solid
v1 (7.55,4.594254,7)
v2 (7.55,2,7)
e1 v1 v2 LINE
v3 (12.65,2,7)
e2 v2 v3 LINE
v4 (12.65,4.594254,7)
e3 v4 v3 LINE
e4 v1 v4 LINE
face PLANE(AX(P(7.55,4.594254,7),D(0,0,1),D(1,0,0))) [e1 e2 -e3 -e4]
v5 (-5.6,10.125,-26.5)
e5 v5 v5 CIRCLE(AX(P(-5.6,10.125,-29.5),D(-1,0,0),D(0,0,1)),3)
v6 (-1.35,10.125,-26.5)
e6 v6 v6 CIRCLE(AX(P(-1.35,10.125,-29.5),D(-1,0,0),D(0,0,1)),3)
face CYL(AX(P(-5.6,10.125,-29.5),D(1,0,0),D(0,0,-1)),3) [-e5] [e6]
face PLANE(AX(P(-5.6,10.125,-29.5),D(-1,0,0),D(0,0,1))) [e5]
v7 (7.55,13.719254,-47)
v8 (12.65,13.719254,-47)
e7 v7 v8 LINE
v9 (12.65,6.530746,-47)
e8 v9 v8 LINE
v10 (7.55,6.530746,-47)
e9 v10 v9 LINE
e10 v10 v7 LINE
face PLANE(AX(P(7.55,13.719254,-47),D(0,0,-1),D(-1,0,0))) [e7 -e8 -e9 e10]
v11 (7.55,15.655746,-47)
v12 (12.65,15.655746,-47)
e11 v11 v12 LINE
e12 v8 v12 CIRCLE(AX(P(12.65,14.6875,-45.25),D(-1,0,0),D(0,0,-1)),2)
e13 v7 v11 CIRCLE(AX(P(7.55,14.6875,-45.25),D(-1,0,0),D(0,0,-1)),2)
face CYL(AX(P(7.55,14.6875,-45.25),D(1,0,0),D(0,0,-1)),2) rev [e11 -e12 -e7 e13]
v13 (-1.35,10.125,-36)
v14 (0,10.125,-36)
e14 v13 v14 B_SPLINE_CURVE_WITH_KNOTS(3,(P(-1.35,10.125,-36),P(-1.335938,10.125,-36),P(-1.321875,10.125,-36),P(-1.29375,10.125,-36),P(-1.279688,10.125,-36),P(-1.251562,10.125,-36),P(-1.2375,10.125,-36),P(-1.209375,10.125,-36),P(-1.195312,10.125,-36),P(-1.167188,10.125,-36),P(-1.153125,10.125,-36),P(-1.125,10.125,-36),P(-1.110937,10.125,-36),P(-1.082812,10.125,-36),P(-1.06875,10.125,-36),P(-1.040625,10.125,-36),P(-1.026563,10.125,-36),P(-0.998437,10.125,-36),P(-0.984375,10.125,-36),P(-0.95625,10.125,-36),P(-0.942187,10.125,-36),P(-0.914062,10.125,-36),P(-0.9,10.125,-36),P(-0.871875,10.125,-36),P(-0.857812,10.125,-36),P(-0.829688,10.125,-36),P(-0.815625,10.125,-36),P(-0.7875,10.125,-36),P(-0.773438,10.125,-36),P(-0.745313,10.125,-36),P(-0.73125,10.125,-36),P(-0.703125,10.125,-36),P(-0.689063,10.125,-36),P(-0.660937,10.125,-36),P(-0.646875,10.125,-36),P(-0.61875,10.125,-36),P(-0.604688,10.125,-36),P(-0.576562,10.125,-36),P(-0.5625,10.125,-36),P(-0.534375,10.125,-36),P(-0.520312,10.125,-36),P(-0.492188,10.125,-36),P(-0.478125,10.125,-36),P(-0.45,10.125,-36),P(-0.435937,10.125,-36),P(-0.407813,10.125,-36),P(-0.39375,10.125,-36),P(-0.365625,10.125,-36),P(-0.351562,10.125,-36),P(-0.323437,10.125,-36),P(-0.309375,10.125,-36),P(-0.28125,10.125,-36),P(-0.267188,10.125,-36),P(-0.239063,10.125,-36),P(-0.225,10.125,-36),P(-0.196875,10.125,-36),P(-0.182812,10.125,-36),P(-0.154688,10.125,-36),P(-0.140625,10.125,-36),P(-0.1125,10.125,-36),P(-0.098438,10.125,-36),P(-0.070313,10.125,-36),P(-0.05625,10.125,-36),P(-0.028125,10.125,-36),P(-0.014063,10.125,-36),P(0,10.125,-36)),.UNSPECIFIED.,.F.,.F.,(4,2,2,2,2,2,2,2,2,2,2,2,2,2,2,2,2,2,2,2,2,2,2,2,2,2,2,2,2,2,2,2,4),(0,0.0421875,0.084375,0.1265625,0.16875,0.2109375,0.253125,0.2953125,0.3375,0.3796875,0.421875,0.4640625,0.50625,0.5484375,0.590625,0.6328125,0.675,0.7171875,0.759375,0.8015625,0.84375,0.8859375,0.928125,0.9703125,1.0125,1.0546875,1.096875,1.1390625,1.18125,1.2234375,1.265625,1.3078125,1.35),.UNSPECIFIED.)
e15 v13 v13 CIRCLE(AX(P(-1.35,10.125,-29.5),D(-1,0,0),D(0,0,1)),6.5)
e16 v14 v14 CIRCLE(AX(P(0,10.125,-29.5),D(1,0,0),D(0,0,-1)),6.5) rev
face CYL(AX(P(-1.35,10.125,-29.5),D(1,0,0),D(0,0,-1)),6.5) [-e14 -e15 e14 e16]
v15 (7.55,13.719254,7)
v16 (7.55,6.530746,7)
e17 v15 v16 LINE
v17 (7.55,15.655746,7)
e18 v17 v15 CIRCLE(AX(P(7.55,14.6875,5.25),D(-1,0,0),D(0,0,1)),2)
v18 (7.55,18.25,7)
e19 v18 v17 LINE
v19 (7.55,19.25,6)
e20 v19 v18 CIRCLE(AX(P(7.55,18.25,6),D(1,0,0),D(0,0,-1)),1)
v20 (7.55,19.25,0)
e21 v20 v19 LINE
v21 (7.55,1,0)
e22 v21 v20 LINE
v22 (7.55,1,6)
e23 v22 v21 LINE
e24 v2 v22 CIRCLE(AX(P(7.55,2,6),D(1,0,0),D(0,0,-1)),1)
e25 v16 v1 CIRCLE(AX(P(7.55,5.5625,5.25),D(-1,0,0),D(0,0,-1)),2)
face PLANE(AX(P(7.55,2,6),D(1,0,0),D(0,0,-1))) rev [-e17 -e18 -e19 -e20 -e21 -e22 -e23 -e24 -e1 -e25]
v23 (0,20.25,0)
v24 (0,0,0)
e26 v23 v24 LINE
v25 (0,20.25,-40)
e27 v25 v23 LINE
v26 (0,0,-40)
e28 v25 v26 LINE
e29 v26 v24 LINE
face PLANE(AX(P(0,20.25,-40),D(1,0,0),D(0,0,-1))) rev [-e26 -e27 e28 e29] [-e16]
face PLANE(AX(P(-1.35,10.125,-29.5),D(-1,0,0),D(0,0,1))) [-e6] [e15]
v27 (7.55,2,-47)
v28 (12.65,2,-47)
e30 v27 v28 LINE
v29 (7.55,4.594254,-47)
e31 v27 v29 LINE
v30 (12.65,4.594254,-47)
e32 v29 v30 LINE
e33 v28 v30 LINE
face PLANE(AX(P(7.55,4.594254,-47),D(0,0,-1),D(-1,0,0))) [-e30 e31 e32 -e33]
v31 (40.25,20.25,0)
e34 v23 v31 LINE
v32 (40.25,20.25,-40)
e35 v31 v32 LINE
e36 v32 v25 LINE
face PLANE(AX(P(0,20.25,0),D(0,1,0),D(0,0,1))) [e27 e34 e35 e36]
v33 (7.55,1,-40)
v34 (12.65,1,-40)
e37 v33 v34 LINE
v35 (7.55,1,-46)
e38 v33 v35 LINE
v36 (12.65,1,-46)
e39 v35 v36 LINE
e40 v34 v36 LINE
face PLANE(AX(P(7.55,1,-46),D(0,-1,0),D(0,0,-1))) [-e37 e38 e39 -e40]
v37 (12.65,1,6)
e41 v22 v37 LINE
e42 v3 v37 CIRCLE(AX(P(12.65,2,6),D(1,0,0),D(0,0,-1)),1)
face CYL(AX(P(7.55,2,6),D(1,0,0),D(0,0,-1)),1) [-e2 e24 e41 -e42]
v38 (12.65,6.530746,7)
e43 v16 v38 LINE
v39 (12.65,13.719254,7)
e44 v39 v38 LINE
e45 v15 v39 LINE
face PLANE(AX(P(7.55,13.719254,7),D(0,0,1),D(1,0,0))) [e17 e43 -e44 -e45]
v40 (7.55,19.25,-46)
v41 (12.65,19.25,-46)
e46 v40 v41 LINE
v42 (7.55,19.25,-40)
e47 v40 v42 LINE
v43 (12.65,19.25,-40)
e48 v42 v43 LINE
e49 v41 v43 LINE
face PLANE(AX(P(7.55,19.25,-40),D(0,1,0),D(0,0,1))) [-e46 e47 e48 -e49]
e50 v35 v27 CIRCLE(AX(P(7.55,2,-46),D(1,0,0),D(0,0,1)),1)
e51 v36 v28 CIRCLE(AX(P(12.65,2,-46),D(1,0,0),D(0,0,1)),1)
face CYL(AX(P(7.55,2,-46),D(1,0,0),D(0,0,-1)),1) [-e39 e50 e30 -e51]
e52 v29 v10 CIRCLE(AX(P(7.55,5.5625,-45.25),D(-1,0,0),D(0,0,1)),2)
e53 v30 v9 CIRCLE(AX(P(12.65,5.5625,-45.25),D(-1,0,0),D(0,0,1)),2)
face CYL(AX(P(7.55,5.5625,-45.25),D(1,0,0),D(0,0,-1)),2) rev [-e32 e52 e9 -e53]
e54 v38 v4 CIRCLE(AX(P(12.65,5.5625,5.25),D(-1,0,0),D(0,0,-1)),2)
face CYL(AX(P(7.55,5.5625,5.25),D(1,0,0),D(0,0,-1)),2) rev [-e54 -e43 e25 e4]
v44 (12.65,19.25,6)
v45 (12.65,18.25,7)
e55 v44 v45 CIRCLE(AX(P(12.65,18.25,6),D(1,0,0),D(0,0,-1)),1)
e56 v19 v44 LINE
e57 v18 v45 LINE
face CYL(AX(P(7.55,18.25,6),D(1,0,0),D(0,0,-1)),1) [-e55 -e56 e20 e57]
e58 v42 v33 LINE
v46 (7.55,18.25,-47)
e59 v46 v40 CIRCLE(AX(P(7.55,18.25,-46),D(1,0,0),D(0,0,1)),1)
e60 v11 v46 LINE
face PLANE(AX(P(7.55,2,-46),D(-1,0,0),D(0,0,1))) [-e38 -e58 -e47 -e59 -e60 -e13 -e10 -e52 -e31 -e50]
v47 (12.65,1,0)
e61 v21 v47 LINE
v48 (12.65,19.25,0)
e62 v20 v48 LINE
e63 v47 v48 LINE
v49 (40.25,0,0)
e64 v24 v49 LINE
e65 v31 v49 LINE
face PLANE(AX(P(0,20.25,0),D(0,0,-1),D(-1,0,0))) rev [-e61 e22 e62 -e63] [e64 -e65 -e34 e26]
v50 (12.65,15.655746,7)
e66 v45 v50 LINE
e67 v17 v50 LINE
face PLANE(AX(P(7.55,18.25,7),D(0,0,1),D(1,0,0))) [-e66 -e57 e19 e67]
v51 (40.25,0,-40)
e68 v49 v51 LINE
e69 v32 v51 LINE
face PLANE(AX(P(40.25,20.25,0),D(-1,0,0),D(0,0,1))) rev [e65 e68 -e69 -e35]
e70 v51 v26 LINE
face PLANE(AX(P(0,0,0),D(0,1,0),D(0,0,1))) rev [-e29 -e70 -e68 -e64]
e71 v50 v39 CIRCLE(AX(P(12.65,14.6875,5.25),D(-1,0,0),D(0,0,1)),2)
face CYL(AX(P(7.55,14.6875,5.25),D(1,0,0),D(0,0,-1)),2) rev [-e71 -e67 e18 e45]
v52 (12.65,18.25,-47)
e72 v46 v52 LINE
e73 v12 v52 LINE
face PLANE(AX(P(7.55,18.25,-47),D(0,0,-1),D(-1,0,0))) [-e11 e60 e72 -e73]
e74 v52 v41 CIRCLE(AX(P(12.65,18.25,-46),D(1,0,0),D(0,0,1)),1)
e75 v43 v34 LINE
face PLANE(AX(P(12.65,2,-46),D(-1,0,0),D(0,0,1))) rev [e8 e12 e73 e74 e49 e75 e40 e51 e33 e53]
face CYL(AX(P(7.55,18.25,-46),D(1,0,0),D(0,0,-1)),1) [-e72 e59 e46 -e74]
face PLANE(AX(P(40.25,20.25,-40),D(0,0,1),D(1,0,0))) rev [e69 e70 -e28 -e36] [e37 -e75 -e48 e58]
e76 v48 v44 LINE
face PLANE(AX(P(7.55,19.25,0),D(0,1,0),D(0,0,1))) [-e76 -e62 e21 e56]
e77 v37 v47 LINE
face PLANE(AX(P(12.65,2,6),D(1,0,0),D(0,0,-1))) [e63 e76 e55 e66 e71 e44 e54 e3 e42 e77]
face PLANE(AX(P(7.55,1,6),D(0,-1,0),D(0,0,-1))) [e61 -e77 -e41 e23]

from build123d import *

# Parameters (mm, degrees)
SKETCH1_W           = 40.25
SKETCH1_H           = 40
BOSS_EXTRUDE1_DEPTH = 20.25
SKETCH2_R           = 6.5
BOSS_EXTRUDE2_DEPTH = 1.35
SKETCH3_R           = 3
BOSS_EXTRUDE3_DEPTH = 4.25
BOSS_EXTRUDE4_DEPTH = 5.1


with BuildPart() as part:
    # Sketch1 → Boss-Extrude1 (new body)
    with BuildSketch(Plane(origin=(0, 0, 0), x_dir=(1, 0, 0), z_dir=(0, 1, 0))):
        with Locations((20.125, 20)):
            Rectangle(SKETCH1_W, SKETCH1_H)
    extrude(amount=BOSS_EXTRUDE1_DEPTH)

    # Sketch2 → Boss-Extrude2 (add)
    with BuildSketch(Plane.ZY):
        with Locations(Location((-29.5, 10.125, 0), (0, 0, 180))):
            Circle(SKETCH2_R)
    extrude(amount=BOSS_EXTRUDE2_DEPTH)

    # Sketch3 → Boss-Extrude3 (add)
    with BuildSketch(Plane.ZY.offset(1.35)):
        with Locations((-29.5, 10.125)):
            Circle(SKETCH3_R)
    extrude(amount=BOSS_EXTRUDE3_DEPTH)

    # Sketch4 → Boss-Extrude4 (add)
    with BuildSketch(Plane(origin=(12.65, 0, 0), x_dir=(0, 0, -1), z_dir=(1, 0, 0))):
        with BuildLine():
            Line((40, 19.25), (46, 19.25))
            ThreePointArc((46, 19.25), (46.707106781, 18.957106781), (47, 18.25))
            Line((47, 18.25), (47, 15.655745837))
            ThreePointArc((47, 15.655745837), (43.25, 14.6875), (47, 13.719254163))
            Line((47, 13.719254163), (47, 6.530745837))
            ThreePointArc((47, 6.530745837), (43.25, 5.5625), (47, 4.594254163))
            Line((47, 4.594254163), (47, 2))
            ThreePointArc((47, 2), (46.707106781, 1.292893219), (46, 1))
            Line((46, 1), (40, 1))
            Line((40, 1), (40, 19.25))
        make_face()
        with BuildLine():
            Line((0, 19.25), (-6, 19.25))
            ThreePointArc((-6, 19.25), (-6.707106781, 18.957106781), (-7, 18.25))
            Line((-7, 18.25), (-7, 15.655745837))
            ThreePointArc((-7, 15.655745837), (-3.25, 14.6875), (-7, 13.719254163))
            Line((-7, 13.719254163), (-7, 6.530745837))
            ThreePointArc((-7, 6.530745837), (-3.25, 5.5625), (-7, 4.594254163))
            Line((-7, 4.594254163), (-7, 2))
            ThreePointArc((-7, 2), (-6.707106781, 1.292893219), (-6, 1))
            Line((-6, 1), (0, 1))
            Line((0, 1), (0, 19.25))
        make_face()
    extrude(amount=-BOSS_EXTRUDE4_DEPTH)


solid = part.part
